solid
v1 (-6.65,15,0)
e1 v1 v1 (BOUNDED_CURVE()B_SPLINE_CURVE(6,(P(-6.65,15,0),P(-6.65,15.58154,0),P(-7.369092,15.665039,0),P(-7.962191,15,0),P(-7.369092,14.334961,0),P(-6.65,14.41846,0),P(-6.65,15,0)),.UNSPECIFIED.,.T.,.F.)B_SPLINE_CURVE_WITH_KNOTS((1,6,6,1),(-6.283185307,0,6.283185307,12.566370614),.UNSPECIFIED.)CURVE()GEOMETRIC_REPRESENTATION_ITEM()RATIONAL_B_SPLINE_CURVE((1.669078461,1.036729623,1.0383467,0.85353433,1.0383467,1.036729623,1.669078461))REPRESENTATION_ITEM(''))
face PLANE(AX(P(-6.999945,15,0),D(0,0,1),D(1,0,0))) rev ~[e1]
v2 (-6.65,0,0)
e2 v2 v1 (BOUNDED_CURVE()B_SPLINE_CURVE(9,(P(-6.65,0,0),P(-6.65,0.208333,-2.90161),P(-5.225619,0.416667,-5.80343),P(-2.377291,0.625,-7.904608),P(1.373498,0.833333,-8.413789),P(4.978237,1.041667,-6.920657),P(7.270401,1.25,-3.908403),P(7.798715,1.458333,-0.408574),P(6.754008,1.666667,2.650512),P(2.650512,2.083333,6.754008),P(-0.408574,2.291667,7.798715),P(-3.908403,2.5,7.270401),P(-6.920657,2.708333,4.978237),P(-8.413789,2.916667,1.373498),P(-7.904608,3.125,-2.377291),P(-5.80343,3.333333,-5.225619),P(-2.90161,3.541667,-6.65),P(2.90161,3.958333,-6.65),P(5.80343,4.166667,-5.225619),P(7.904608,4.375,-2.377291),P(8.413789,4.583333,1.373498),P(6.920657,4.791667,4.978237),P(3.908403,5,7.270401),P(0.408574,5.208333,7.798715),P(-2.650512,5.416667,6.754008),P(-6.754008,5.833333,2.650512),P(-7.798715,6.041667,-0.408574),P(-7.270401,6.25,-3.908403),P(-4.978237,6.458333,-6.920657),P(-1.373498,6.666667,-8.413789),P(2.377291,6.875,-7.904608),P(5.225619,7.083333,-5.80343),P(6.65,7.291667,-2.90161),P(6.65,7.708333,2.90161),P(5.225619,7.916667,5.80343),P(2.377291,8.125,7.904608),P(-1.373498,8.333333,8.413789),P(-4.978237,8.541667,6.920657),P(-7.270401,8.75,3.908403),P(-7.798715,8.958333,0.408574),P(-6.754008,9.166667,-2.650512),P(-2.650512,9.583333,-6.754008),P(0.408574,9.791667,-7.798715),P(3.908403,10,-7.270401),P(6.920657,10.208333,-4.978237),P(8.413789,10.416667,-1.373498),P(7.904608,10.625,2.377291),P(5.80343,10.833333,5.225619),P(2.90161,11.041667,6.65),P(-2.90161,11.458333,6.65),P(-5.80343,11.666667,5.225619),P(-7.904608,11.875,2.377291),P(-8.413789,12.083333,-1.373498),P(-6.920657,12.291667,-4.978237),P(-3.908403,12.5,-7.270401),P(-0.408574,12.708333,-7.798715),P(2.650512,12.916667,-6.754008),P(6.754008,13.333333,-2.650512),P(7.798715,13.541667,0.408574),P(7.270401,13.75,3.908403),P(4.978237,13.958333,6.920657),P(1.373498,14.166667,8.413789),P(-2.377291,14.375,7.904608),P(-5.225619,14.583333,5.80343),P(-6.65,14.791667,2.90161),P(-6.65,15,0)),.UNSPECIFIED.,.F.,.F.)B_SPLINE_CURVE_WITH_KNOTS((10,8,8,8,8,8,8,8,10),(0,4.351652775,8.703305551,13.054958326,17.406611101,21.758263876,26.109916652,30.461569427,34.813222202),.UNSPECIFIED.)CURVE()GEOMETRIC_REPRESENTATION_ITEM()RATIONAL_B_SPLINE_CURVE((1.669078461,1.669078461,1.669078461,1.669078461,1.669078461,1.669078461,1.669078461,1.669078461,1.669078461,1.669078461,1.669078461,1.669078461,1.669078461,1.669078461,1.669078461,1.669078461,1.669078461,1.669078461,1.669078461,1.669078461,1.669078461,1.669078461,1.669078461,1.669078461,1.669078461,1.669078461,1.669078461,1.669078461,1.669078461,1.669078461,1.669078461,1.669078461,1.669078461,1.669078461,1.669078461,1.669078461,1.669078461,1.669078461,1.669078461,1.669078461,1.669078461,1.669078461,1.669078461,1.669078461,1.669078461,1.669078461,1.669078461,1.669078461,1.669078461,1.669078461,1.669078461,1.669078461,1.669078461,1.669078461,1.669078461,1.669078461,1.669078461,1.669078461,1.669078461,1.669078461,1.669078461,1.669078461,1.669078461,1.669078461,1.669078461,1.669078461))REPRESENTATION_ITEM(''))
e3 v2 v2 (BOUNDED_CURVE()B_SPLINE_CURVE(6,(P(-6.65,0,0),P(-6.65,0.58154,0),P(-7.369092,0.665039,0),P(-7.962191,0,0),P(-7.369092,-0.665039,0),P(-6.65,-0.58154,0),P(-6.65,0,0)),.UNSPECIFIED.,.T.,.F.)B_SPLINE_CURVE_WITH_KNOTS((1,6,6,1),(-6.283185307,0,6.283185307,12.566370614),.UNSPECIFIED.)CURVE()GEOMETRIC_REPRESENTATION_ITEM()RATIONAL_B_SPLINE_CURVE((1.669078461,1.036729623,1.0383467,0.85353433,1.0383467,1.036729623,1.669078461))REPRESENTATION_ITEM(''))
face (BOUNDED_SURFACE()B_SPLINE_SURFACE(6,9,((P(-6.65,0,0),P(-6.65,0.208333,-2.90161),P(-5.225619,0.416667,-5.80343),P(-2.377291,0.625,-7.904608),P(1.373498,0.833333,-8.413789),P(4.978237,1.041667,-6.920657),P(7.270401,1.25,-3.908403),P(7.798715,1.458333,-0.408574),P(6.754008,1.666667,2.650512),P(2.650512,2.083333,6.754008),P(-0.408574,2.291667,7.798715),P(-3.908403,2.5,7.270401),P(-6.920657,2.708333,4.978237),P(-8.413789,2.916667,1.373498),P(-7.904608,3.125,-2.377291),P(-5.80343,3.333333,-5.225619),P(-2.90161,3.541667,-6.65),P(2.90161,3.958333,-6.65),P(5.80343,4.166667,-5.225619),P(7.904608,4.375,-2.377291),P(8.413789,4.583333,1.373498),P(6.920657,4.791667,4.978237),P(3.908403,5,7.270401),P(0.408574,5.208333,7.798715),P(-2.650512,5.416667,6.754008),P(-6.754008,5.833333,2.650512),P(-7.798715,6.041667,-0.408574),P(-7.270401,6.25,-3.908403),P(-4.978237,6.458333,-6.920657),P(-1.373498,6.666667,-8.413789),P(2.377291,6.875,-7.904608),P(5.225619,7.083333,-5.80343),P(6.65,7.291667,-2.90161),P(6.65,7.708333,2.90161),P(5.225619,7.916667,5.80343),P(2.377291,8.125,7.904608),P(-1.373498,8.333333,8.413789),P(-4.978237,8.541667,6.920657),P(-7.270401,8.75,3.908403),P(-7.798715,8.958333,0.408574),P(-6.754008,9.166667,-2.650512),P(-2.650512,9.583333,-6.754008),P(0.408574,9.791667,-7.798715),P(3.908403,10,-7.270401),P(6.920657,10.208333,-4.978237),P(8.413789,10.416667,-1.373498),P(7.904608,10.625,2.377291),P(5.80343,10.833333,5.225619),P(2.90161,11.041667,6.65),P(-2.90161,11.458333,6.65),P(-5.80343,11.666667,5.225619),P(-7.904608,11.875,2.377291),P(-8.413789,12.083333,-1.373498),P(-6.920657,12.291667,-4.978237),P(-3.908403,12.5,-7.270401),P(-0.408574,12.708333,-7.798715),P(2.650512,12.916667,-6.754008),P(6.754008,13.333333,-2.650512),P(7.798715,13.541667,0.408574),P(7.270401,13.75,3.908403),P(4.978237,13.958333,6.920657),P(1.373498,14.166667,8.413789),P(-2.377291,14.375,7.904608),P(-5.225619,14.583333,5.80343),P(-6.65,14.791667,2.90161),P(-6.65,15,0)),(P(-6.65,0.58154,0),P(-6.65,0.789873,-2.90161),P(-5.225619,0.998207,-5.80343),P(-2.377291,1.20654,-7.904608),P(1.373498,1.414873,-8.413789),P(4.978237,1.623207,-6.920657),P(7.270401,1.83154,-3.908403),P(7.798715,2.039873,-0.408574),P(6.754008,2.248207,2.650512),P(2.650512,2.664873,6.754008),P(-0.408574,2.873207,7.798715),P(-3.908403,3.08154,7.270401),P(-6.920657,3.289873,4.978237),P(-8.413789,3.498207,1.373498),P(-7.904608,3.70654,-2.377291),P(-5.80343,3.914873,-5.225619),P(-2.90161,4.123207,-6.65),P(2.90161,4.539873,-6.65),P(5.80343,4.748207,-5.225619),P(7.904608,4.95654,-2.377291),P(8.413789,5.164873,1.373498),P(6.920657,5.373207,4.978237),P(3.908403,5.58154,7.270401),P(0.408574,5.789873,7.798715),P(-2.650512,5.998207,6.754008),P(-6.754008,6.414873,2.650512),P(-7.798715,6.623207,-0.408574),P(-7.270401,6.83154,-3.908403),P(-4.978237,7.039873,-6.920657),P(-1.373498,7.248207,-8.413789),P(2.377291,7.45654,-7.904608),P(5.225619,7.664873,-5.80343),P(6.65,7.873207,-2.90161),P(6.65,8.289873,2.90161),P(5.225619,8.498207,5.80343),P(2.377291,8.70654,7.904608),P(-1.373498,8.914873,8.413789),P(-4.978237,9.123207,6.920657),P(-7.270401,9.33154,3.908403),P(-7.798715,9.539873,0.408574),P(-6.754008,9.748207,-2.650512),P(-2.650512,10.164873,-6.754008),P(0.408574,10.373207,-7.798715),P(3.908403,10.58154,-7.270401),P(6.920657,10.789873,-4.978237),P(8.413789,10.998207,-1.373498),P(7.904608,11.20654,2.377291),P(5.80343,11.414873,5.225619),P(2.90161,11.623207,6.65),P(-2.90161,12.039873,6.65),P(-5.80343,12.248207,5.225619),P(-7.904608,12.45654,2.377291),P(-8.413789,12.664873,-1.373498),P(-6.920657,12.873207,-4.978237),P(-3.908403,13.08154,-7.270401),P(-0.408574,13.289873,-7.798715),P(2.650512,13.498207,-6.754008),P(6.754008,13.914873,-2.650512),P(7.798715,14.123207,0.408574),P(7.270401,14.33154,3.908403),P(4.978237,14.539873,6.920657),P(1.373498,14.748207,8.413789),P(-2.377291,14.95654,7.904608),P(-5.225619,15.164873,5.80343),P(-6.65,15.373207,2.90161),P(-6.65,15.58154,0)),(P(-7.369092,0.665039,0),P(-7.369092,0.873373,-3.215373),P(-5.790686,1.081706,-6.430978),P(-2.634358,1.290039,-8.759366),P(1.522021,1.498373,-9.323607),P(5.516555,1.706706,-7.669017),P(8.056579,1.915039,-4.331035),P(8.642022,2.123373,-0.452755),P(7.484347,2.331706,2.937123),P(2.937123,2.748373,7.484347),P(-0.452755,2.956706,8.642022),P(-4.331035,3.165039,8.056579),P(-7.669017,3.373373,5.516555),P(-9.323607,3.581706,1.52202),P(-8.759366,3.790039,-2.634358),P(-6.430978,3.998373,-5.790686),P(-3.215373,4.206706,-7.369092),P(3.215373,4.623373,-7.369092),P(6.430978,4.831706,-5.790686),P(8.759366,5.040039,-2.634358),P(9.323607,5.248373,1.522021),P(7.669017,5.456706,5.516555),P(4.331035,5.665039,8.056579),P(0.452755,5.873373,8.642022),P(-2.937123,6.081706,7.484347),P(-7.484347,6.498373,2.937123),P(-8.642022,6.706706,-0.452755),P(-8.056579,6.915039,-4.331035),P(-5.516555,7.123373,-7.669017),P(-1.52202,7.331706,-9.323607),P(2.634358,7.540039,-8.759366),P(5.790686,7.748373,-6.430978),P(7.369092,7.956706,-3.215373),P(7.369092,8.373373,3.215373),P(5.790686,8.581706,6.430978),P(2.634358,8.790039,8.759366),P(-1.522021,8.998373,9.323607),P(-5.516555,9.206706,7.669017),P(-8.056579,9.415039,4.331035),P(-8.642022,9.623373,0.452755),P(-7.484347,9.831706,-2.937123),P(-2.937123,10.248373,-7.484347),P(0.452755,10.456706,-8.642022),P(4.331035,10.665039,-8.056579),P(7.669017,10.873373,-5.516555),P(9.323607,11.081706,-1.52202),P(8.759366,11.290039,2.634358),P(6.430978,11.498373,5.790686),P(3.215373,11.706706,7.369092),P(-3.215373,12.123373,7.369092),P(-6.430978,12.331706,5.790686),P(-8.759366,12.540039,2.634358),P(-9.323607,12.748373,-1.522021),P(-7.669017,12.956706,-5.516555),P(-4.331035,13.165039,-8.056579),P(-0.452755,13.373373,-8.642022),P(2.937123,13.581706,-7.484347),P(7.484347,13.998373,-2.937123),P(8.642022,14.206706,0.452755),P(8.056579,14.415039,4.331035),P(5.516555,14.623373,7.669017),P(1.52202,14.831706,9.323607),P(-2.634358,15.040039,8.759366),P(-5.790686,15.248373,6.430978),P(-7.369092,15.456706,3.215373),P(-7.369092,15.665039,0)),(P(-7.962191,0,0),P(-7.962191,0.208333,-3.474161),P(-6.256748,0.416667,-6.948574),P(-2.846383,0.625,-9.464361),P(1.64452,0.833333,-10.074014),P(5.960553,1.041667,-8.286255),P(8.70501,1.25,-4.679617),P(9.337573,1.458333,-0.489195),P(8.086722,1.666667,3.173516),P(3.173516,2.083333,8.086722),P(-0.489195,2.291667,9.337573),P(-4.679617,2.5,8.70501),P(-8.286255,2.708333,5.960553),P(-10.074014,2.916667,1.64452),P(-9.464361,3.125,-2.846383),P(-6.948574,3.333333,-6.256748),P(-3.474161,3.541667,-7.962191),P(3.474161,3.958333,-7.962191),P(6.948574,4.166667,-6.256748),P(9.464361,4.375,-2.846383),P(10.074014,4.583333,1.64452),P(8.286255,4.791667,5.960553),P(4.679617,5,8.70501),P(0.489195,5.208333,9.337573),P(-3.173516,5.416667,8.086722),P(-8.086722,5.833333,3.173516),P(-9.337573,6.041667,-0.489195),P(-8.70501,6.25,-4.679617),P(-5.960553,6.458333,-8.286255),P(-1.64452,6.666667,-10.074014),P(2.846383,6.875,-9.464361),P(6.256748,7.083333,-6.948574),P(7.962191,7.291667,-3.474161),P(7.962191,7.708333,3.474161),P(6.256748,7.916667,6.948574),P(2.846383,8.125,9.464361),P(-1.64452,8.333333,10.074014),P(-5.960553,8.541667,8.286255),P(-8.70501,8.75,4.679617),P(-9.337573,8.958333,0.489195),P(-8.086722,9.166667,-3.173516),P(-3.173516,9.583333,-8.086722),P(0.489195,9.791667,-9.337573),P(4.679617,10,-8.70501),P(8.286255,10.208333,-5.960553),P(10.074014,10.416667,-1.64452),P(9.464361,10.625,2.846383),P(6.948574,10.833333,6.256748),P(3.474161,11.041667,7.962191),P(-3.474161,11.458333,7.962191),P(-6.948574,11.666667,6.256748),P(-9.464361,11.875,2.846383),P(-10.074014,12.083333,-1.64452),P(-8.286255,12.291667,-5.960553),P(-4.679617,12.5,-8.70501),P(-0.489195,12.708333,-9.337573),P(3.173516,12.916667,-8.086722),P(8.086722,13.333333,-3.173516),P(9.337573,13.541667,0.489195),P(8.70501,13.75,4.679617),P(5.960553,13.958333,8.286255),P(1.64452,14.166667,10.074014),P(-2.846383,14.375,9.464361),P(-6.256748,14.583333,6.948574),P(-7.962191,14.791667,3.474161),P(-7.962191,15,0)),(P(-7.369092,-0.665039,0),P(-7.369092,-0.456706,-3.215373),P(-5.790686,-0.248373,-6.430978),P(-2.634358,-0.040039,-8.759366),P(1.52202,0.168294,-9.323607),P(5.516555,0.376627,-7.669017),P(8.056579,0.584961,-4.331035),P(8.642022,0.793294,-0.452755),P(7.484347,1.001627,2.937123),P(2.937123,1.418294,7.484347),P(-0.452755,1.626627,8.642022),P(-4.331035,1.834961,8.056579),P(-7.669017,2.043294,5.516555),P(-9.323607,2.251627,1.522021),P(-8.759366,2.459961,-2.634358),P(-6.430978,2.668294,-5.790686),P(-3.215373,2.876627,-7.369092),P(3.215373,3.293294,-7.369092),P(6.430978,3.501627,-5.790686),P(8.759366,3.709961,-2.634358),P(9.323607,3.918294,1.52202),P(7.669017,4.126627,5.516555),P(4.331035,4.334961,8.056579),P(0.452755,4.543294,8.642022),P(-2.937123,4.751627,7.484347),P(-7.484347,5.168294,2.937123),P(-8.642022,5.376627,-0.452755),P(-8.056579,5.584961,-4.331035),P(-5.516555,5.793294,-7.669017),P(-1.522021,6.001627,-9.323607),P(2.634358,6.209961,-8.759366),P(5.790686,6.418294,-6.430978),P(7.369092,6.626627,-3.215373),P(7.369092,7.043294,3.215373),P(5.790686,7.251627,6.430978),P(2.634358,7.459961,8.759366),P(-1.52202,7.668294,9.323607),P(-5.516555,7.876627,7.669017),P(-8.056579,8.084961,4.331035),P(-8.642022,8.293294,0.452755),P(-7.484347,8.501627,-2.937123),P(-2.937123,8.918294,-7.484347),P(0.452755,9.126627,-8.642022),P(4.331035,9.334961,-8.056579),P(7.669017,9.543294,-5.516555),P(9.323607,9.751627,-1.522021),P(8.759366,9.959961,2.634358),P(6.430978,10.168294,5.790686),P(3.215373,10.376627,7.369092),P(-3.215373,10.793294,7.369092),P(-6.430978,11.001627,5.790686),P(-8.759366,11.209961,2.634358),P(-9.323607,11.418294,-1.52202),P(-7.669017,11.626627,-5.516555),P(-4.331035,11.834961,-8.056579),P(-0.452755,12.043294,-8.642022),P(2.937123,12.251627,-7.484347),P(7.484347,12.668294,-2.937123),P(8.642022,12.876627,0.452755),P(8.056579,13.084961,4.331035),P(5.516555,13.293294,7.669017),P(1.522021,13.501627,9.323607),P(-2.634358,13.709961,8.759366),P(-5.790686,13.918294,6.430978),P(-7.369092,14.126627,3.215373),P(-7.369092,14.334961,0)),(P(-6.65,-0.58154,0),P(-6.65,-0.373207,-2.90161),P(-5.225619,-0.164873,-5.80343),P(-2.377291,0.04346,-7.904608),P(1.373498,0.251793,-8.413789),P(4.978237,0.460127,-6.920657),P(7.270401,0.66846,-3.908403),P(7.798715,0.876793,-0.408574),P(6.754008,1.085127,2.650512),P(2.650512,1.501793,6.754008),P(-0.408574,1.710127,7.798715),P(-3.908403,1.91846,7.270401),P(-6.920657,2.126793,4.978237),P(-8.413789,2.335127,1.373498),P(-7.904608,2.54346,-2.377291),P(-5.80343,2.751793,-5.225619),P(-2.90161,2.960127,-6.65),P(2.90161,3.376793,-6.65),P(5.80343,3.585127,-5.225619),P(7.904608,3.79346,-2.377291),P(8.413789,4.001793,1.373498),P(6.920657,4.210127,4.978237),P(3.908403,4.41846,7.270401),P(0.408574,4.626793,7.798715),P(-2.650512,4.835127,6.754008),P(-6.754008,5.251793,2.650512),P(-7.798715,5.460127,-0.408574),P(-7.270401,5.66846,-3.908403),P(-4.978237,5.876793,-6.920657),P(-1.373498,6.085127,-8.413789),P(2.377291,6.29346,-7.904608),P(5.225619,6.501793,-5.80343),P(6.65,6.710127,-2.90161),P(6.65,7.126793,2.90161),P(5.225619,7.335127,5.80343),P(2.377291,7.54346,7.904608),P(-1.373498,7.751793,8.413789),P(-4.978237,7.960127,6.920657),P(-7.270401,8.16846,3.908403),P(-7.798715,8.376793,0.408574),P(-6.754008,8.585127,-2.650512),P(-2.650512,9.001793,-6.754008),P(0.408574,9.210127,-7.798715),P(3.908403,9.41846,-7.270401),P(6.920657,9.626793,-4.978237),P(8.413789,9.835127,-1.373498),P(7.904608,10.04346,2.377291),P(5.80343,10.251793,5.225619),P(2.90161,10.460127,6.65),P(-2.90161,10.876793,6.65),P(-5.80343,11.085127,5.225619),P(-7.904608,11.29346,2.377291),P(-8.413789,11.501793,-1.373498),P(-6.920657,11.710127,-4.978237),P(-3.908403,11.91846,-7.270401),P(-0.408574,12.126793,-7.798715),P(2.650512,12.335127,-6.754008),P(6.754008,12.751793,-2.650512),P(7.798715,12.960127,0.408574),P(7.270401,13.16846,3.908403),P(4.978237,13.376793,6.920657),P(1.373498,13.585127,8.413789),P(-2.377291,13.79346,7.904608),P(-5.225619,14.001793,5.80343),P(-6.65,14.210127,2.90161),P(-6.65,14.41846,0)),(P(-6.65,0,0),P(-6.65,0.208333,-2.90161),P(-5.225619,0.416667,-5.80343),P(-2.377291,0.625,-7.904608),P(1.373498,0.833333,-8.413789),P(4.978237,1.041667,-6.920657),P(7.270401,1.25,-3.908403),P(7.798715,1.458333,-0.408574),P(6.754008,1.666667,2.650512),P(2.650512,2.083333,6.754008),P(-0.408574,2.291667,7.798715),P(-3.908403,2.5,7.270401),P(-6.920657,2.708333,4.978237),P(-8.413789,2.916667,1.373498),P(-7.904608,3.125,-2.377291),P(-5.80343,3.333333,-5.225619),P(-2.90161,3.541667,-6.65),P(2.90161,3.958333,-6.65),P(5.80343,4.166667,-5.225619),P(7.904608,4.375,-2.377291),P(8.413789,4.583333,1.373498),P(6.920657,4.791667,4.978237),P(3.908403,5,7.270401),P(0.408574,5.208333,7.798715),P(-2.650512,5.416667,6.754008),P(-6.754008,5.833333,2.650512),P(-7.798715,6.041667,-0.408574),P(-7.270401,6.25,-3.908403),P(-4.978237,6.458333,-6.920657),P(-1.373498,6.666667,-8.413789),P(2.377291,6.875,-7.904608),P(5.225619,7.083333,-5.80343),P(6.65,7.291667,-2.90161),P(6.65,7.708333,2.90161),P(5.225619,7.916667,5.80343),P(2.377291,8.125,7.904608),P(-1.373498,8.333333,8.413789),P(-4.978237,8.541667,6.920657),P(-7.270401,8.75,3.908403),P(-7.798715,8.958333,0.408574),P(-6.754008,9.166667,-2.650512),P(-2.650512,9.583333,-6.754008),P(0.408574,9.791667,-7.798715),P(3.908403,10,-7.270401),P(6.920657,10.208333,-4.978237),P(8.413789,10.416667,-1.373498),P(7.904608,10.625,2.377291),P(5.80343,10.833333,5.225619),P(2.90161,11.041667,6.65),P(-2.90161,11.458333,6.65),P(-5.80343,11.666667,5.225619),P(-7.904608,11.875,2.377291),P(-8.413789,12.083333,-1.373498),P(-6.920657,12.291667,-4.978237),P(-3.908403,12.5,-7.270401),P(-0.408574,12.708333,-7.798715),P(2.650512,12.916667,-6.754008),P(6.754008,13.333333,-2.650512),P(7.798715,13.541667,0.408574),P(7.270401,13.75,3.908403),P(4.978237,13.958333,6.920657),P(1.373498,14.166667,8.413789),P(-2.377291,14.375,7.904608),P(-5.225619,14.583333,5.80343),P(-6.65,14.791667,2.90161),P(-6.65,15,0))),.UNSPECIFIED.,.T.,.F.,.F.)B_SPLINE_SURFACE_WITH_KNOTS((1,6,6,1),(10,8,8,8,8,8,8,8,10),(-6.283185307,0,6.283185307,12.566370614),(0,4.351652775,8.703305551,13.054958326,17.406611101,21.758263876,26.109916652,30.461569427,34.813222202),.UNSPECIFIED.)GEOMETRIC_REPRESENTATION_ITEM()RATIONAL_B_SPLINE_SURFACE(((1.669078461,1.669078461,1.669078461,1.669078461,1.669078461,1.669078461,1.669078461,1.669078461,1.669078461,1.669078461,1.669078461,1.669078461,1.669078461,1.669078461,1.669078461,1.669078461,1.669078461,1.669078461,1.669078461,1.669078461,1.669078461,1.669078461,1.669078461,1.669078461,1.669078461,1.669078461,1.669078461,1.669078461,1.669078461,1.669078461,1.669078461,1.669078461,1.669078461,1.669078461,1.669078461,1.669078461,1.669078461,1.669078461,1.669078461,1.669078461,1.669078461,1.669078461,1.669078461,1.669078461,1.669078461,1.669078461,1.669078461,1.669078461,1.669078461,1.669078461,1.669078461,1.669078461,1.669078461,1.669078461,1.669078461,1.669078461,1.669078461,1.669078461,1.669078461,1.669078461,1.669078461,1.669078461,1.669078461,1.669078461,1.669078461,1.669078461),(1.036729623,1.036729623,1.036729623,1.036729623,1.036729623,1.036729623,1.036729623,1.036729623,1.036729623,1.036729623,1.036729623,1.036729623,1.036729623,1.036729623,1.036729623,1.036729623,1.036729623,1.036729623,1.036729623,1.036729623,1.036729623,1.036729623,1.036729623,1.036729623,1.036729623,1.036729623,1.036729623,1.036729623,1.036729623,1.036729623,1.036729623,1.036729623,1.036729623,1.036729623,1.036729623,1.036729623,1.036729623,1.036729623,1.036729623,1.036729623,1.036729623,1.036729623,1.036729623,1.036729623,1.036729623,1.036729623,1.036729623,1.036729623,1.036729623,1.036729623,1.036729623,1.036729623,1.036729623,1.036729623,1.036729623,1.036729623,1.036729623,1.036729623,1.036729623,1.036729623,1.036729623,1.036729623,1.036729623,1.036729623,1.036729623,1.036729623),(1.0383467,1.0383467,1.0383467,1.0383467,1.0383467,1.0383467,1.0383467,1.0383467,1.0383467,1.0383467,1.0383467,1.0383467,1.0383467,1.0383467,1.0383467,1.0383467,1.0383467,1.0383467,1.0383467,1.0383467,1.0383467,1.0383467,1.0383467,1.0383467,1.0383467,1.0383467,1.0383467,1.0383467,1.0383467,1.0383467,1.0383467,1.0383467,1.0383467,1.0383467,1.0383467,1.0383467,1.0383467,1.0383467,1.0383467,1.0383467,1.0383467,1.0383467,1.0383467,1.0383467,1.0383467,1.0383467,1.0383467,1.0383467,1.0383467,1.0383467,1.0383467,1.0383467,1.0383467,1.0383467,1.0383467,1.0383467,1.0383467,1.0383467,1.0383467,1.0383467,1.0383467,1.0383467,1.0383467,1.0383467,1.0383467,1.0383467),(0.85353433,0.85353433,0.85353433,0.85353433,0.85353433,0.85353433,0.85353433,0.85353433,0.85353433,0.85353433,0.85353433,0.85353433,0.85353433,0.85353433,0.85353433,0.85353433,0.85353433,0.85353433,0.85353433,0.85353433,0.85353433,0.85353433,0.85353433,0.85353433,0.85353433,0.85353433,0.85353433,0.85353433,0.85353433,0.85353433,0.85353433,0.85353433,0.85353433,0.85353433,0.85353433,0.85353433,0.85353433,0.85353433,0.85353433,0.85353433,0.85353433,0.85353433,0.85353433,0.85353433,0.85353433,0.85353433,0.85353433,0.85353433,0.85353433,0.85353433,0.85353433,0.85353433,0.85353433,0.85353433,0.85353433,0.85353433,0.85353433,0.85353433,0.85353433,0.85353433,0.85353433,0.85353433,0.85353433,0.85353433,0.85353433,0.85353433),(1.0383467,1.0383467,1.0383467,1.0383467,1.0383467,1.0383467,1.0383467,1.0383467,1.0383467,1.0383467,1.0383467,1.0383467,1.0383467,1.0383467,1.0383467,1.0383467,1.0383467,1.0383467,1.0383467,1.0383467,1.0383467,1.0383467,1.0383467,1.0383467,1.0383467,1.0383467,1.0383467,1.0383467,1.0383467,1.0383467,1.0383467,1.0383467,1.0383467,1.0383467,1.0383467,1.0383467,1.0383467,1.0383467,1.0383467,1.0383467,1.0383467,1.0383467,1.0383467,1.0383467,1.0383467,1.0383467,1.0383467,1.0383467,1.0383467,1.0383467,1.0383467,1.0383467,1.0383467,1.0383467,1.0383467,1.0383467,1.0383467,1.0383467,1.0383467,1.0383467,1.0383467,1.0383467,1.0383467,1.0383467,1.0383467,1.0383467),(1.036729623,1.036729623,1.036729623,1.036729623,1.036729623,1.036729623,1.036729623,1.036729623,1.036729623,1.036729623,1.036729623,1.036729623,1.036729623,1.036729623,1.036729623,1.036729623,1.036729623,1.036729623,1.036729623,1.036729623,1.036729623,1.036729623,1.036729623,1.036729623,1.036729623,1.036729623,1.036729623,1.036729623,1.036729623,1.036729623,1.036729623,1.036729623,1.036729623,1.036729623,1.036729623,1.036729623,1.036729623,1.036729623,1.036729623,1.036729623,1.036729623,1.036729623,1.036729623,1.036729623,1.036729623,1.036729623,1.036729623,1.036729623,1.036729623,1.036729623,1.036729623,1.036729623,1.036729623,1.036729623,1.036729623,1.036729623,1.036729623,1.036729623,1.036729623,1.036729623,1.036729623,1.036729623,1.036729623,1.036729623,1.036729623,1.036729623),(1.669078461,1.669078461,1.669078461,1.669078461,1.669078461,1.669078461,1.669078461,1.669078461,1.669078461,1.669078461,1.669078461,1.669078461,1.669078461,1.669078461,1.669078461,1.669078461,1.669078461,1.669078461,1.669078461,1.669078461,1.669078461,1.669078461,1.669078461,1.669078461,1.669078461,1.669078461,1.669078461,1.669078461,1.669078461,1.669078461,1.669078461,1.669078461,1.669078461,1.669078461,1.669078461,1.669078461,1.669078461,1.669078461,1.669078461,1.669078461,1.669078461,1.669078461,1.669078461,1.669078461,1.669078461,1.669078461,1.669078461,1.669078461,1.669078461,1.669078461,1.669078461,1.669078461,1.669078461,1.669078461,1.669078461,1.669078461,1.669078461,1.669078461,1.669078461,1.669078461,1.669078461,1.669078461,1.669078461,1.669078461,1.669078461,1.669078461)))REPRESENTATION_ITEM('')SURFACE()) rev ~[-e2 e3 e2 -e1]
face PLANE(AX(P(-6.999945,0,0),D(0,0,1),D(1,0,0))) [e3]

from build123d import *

# Parameters (mm, degrees)
SWEEP1_PITCH       = 3
SWEEP1_HEIGHT      = 15
SWEEP1_RADIUS      = 7.4
SWEEP1_START_ANGLE = -90
SKETCH1_R          = 0.35


with BuildPart() as part:
    # Sweep1: sweep along a helix
    with BuildLine() as sweep1_path:
        add(Helix(SWEEP1_PITCH, SWEEP1_HEIGHT, SWEEP1_RADIUS, center=(0, 0, 0), direction=(0, 1, 0), lefthand=True, mode=Mode.PRIVATE).rotate(Axis((0, 0, 0), (0, 1, 0)), SWEEP1_START_ANGLE))
    # Sketch1 → Sweep1 (sweep)
    with BuildSketch(Plane.XY):
        with Locations((-7, 0)):
            Circle(SKETCH1_R)
    sweep(path=sweep1_path.line, is_frenet=True)


solid = part.part
